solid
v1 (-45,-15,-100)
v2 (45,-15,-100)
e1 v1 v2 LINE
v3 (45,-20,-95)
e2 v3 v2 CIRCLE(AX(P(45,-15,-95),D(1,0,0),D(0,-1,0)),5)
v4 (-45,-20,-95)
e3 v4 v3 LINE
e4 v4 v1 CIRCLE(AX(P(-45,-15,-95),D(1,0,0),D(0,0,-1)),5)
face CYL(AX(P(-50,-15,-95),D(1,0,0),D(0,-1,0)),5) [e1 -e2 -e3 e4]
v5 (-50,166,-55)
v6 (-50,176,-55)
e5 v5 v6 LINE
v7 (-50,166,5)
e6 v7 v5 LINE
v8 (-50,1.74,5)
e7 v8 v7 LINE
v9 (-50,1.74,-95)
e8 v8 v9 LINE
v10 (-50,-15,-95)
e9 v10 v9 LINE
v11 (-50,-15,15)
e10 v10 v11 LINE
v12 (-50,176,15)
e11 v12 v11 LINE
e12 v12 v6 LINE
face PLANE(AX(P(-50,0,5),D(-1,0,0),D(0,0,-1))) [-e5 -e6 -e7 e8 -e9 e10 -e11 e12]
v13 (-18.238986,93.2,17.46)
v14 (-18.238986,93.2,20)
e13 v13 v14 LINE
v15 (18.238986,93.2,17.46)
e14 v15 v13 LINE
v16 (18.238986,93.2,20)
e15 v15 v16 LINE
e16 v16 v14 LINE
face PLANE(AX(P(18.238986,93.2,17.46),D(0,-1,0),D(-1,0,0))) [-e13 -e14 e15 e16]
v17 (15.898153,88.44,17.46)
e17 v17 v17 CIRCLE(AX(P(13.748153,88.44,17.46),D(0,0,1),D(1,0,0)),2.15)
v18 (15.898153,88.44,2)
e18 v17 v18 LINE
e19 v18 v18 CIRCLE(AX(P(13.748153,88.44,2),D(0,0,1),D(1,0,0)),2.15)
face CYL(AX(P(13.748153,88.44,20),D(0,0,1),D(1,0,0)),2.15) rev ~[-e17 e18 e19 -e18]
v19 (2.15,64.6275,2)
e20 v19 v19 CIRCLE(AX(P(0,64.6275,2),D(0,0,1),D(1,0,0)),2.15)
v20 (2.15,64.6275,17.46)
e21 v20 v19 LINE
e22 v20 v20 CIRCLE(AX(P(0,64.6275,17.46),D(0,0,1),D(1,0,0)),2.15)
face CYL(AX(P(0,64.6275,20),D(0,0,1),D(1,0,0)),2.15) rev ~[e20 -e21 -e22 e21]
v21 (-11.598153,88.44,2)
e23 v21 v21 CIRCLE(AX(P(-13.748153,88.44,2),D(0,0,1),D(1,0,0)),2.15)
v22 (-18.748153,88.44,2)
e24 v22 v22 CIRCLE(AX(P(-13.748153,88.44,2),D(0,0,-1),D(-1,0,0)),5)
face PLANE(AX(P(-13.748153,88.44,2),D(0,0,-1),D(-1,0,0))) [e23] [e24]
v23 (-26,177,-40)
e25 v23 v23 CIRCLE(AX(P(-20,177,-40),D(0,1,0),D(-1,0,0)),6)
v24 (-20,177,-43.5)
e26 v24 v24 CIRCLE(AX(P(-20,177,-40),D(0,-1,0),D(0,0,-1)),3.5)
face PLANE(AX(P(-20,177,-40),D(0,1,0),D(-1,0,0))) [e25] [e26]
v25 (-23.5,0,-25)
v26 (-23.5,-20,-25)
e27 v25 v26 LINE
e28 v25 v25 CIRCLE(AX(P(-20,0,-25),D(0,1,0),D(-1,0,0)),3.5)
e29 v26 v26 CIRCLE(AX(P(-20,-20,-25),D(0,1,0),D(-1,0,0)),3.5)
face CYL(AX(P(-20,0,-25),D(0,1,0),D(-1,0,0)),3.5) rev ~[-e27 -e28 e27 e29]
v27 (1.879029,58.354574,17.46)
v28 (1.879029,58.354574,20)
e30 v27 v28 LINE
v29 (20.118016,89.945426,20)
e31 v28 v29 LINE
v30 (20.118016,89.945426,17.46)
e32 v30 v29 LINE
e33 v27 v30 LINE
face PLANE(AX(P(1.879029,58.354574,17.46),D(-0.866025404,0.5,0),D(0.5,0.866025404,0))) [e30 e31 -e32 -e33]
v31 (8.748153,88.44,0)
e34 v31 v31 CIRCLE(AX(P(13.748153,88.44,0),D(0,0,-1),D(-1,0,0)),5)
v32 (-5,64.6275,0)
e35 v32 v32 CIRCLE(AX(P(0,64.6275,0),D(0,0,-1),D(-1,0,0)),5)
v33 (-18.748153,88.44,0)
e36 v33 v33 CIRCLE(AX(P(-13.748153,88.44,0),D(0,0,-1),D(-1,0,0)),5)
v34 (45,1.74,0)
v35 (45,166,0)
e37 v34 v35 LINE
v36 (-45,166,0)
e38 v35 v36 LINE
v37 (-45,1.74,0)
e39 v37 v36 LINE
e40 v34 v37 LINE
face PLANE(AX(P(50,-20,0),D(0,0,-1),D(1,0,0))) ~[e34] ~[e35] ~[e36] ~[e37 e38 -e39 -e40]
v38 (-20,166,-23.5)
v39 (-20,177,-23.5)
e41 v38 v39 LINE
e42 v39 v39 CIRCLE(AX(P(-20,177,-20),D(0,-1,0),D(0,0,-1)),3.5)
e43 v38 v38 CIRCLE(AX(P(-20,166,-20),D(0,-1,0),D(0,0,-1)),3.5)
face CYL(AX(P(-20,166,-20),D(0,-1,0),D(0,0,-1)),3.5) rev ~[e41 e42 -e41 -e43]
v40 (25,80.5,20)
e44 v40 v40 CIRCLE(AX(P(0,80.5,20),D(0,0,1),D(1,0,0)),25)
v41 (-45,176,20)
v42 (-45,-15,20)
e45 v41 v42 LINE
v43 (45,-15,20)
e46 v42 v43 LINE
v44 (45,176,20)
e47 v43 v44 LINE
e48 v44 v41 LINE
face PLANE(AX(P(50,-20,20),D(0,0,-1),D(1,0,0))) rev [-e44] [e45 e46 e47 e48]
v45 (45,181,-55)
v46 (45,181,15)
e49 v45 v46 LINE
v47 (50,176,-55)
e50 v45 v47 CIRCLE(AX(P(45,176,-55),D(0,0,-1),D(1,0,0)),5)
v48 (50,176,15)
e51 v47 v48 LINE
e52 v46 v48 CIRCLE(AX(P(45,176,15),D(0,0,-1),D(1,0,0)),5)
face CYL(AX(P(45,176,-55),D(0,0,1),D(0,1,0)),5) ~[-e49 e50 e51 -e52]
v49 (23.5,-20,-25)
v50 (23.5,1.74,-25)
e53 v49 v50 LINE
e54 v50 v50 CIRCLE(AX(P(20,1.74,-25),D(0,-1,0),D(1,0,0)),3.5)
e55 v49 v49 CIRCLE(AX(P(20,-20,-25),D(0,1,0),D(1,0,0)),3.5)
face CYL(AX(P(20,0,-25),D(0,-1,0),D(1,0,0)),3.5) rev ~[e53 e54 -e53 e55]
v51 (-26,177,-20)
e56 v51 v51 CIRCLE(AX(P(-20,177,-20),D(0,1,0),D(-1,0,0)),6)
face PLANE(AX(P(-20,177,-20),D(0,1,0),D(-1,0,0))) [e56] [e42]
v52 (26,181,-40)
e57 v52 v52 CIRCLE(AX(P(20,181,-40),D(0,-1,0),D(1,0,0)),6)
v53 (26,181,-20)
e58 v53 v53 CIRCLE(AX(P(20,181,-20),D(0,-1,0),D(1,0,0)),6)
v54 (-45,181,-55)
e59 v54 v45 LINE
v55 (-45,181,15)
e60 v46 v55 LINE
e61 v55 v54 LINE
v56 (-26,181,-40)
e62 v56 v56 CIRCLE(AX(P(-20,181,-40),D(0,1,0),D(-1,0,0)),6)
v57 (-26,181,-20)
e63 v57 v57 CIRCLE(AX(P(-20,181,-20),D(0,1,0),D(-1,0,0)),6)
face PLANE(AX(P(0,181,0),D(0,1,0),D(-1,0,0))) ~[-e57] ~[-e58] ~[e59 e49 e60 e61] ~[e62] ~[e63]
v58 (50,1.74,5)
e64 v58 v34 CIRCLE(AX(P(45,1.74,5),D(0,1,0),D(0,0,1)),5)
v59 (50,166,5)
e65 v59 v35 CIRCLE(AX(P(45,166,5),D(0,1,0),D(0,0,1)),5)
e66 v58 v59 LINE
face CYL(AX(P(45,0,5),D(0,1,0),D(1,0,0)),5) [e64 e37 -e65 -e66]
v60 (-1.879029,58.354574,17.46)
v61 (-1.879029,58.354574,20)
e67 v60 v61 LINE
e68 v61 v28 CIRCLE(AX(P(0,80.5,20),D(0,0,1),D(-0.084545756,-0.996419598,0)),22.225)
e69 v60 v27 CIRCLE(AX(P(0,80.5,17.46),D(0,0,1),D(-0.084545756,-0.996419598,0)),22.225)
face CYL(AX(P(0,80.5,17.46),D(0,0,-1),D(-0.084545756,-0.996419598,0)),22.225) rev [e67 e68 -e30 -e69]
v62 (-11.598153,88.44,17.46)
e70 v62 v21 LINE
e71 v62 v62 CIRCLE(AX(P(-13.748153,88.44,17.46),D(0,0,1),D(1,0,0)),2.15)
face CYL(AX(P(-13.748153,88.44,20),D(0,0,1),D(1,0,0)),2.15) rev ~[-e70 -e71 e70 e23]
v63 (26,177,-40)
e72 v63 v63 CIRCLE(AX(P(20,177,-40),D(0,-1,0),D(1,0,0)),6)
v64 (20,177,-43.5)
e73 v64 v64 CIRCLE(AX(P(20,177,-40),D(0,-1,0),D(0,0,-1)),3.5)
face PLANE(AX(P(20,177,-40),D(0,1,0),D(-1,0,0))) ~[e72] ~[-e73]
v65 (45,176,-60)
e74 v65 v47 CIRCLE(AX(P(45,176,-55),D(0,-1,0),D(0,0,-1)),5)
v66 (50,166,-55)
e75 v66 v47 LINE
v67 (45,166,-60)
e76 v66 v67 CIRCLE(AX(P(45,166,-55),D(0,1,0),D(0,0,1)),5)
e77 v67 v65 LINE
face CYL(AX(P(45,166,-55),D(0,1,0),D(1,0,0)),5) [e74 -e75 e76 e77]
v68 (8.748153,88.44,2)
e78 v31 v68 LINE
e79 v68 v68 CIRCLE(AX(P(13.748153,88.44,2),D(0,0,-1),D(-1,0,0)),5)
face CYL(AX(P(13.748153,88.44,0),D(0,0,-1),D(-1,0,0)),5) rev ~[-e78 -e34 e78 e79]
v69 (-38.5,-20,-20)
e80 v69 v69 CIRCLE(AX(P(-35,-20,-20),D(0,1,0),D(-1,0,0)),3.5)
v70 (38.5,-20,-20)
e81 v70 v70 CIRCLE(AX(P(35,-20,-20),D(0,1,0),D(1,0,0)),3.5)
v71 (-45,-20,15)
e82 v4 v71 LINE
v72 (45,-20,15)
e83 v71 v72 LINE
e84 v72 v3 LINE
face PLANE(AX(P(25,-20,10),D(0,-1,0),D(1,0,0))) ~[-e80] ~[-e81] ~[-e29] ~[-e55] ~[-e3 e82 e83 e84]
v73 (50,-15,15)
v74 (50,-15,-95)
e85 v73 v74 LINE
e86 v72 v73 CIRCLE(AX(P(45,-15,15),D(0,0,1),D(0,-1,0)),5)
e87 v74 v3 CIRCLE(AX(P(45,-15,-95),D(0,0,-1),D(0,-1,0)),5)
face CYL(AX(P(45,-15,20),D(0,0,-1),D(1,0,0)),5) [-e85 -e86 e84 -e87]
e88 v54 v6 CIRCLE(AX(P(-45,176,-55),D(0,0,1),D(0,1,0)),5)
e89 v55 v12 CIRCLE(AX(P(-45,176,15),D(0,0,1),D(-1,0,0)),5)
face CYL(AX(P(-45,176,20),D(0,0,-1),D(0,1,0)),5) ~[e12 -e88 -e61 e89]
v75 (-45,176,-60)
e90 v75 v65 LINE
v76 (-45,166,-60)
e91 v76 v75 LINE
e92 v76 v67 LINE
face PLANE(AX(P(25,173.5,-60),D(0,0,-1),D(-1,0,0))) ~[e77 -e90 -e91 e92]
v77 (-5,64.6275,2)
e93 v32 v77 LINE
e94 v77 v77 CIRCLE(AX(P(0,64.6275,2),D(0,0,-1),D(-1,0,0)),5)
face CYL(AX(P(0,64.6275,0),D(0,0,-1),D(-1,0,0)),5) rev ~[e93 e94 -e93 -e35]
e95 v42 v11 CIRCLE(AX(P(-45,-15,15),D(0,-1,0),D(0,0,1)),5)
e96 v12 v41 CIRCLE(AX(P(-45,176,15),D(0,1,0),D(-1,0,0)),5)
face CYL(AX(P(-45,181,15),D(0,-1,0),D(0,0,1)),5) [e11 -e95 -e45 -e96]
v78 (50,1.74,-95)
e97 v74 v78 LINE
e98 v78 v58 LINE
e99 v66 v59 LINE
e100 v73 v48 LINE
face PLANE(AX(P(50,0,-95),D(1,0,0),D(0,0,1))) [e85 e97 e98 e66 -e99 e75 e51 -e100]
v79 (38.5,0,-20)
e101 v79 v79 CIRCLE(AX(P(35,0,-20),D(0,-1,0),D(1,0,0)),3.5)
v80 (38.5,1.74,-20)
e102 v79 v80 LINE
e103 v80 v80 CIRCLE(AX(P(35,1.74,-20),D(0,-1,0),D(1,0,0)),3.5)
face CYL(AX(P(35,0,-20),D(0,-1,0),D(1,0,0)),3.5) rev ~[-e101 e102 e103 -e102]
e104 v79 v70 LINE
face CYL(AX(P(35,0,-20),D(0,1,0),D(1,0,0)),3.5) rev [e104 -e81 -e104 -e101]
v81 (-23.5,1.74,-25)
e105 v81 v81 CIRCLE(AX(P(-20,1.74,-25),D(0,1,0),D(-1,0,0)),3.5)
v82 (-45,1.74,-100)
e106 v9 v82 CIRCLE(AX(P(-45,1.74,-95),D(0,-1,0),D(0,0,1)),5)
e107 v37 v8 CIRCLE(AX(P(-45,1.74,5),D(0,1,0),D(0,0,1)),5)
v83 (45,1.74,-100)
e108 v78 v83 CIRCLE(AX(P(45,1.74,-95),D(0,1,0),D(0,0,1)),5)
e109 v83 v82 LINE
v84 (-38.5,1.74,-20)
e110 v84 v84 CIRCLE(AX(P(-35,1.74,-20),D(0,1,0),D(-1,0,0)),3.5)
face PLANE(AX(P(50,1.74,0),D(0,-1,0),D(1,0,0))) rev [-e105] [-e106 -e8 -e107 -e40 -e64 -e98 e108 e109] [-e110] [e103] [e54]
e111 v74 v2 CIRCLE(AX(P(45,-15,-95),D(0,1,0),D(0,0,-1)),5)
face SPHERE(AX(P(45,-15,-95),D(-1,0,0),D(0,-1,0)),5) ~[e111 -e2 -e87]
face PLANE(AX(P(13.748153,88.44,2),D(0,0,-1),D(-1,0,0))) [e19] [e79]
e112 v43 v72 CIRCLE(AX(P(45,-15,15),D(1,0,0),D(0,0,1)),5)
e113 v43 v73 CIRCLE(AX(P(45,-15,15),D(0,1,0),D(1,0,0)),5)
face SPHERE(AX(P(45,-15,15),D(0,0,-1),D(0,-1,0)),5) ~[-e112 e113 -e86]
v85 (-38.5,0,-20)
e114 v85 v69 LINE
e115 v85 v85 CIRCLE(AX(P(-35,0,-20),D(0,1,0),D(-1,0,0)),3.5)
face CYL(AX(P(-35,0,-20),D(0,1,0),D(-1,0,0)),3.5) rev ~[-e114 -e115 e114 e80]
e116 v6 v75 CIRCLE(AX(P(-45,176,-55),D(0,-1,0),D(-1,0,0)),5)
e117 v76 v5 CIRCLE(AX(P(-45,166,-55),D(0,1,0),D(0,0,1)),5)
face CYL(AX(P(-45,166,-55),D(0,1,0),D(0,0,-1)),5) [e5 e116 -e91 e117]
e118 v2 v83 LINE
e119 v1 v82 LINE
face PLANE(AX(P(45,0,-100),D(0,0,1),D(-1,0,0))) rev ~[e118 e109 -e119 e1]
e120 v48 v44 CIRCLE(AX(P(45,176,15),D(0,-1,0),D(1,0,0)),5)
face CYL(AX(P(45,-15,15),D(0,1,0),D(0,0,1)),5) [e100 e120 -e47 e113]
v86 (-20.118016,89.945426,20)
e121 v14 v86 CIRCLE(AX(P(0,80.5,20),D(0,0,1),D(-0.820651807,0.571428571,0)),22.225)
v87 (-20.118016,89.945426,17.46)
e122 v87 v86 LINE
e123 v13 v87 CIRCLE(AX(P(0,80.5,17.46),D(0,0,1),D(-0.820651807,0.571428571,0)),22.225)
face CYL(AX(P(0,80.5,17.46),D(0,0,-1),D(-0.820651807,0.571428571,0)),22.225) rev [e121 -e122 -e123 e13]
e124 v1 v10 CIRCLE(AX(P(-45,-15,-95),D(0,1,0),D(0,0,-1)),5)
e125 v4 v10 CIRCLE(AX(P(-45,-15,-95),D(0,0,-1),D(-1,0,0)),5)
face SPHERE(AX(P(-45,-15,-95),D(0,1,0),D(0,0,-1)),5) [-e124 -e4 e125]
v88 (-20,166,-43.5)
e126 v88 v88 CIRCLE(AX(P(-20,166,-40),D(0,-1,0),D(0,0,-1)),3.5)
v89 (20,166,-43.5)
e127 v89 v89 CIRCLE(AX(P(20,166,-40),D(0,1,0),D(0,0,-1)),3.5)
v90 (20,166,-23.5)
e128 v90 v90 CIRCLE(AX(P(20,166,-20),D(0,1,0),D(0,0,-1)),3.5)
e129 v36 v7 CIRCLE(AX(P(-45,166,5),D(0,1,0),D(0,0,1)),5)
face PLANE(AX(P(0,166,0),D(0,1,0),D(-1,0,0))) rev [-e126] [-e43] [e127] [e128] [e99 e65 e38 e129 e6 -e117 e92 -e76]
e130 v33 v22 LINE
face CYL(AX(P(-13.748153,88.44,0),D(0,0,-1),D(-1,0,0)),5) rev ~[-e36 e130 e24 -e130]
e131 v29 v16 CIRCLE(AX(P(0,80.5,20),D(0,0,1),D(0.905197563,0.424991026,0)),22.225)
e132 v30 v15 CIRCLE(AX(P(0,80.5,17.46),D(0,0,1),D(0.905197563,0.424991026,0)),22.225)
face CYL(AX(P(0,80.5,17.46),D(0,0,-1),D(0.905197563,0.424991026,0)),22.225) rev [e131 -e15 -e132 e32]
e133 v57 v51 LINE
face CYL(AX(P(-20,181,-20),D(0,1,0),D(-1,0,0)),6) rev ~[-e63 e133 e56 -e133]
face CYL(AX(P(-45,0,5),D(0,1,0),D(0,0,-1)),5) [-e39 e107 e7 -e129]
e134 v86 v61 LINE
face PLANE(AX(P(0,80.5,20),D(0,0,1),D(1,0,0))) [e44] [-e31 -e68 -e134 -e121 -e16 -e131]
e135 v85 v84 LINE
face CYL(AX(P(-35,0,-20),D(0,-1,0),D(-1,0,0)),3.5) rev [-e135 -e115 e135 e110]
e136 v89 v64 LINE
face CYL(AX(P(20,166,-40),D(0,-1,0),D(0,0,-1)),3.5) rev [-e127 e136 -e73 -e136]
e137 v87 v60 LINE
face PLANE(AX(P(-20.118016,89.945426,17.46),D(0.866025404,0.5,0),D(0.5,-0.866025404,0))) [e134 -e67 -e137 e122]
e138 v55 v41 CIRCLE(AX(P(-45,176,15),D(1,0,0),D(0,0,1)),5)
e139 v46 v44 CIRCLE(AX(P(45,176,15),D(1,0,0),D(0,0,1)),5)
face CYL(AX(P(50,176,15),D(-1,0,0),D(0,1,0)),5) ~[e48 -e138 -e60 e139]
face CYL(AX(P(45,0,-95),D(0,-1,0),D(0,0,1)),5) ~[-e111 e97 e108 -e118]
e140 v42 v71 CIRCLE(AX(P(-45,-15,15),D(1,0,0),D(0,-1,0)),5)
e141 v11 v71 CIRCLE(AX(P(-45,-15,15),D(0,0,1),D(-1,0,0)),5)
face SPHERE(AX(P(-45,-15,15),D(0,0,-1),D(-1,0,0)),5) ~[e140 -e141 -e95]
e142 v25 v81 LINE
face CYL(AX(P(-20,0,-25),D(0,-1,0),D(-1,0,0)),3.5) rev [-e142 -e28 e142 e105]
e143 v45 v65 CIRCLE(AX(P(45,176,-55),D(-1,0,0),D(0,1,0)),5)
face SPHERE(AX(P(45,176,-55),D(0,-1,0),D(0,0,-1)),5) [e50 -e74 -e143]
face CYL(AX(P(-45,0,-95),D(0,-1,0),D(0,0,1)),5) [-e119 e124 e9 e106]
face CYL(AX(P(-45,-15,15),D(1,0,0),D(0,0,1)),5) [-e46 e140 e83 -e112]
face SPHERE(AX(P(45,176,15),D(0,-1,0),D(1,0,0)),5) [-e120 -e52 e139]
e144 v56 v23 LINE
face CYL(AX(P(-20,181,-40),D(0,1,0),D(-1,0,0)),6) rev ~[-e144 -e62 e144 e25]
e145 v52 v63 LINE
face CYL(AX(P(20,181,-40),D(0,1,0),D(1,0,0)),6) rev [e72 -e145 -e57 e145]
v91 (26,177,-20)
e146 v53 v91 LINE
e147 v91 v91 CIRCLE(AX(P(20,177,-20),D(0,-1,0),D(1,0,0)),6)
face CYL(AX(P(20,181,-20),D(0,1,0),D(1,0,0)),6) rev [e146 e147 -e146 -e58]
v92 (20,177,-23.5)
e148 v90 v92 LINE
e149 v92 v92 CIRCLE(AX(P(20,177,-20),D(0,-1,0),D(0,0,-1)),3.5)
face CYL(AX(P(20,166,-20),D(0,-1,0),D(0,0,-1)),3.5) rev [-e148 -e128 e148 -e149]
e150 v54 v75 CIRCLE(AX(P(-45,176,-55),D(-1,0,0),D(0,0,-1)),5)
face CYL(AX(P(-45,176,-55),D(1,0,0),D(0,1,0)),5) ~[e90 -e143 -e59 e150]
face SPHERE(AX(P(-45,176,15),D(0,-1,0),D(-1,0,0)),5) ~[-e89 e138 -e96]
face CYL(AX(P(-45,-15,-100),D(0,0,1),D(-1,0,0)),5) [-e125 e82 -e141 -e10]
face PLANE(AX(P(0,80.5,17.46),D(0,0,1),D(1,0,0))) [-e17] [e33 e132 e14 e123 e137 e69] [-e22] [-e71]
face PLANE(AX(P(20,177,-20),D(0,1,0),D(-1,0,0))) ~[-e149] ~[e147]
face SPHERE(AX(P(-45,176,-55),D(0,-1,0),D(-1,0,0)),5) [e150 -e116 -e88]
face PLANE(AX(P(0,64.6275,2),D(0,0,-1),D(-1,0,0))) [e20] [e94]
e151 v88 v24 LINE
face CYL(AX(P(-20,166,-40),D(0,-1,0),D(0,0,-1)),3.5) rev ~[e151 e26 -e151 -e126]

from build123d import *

# Parameters (mm, degrees)
SKETCH2_W           = 50
SKETCH2_H           = 20
BOSS_EXTRUDE1_DEPTH = 100
SKETCH3_R           = 3.5
CUT_EXTRUDE1_DEPTH  = 114.578166916
SKETCH4_W           = 50
SKETCH4_H           = 20
BOSS_EXTRUDE2_DEPTH = 201
SKETCH5_W           = 50
SKETCH5_H           = 15
BOSS_EXTRUDE3_DEPTH = 60
SKETCH6_R           = 3.5
CUT_EXTRUDE2_DEPTH  = 15
SKETCH7_R           = 6
CUT_EXTRUDE3_DEPTH  = 4
FILLET1_R           = 5
FILLET2_R           = 5
FILLET3_R           = 5
SKETCH15_R          = 6.35
BOSS_EXTRUDE5_DEPTH = 7.9375
MOVE_FACE1_BY       = 1.74
CUT_EXTRUDE9_START  = -7.9375
SKETCH17_R          = 6.35
CUT_EXTRUDE9_DEPTH  = 7.9375
SKETCH16_R          = 25
BOSS_EXTRUDE7_DEPTH = 2.54
SKETCH18_R          = 2.15
CUT_EXTRUDE10_DEPTH = 223.847481476
CUT_EXTRUDE11_START = -2.54
CUT_EXTRUDE11_DEPTH = 2.54
CUT_EXTRUDE12_START = -2.54
SKETCH20_R          = 25
CUT_EXTRUDE12_DEPTH = 2.54
SKETCH21_R          = 5
CUT_EXTRUDE13_DEPTH = 2


with BuildPart() as part:
    # Sketch2 → Boss-Extrude1 (new body)
    with BuildSketch(Plane.XY):
        with Locations((-25, -10)):
            Rectangle(SKETCH2_W, SKETCH2_H)
    boss_extrude1 = extrude(amount=-BOSS_EXTRUDE1_DEPTH)

    # Sketch3 → Cut-Extrude1 (cut, through all)
    with BuildSketch(Plane(origin=(0, 0, 0), x_dir=(1, 0, 0), z_dir=(0, 1, 0))):
        with Locations(Location((-20, 25, 0), (0, 0, 180))):
            Circle(SKETCH3_R)
        with Locations(Location((-35, 20, 0), (0, 0, 180))):
            Circle(SKETCH3_R)
    cut_extrude1 = extrude(amount=-CUT_EXTRUDE1_DEPTH, mode=Mode.SUBTRACT)

    # Sketch4 → Boss-Extrude2 (add)
    with BuildSketch(Plane.XZ.offset(20)):
        with Locations((-25, 10)):
            Rectangle(SKETCH4_W, SKETCH4_H)
    boss_extrude2 = extrude(amount=-BOSS_EXTRUDE2_DEPTH)

    # Sketch5 → Boss-Extrude3 (add)
    with BuildSketch(Plane(origin=(0, 0, 0), x_dir=(-1, 0, 0), z_dir=(0, 0, -1))):
        with Locations((25, 173.5)):
            Rectangle(SKETCH5_W, SKETCH5_H)
    boss_extrude3 = extrude(amount=BOSS_EXTRUDE3_DEPTH)

    # Sketch6 → Cut-Extrude2 (cut)
    with BuildSketch(Plane.XZ.offset(-166)):
        with Locations(Location((-20, -20, 0), (0, 0, 270))):
            Circle(SKETCH6_R)
        with Locations(Location((-20, -40, 0), (0, 0, 270))):
            Circle(SKETCH6_R)
    cut_extrude2 = extrude(amount=-CUT_EXTRUDE2_DEPTH, mode=Mode.SUBTRACT)

    # Sketch7 → Cut-Extrude3 (cut)
    with BuildSketch(Plane(origin=(0, 181, 0), x_dir=(1, 0, 0), z_dir=(0, 1, 0))):
        with Locations(Location((-20, 40, 0), (0, 0, 180))):
            Circle(SKETCH7_R)
        with Locations(Location((-20, 20, 0), (0, 0, 180))):
            Circle(SKETCH7_R)
    cut_extrude3 = extrude(amount=-CUT_EXTRUDE3_DEPTH, mode=Mode.SUBTRACT)

    # Mirror1: Boss-Extrude1, Cut-Extrude1, Boss-Extrude2, Boss-Extrude3, Cut-Extrude2, Cut-Extrude3 across plane
    add(boss_extrude1.mirror(Plane(origin=(0, 0, 0), x_dir=(0, 0, 1), z_dir=(1, 0, 0))))
    add(cut_extrude1.mirror(Plane(origin=(0, 0, 0), x_dir=(0, 0, 1), z_dir=(1, 0, 0))), mode=Mode.SUBTRACT)
    add(boss_extrude2.mirror(Plane(origin=(0, 0, 0), x_dir=(0, 0, 1), z_dir=(1, 0, 0))))
    add(boss_extrude3.mirror(Plane(origin=(0, 0, 0), x_dir=(0, 0, 1), z_dir=(1, 0, 0))))
    add(cut_extrude2.mirror(Plane(origin=(0, 0, 0), x_dir=(0, 0, 1), z_dir=(1, 0, 0))), mode=Mode.SUBTRACT)
    add(cut_extrude3.mirror(Plane(origin=(0, 0, 0), x_dir=(0, 0, 1), z_dir=(1, 0, 0))), mode=Mode.SUBTRACT)

    # Fillet1
    fillet1_edges = [part.edges().sort_by_distance(p)[0] for p in [
        (50, 173.5, -60),
        (-50, -10, -100),
        (0, -20, -100),
        (-50, 173.5, -60),
        (50, -20, -40),
        (50, -10, -100),
        (-50, -20, -40),
    ]]
    fillet(fillet1_edges, radius=FILLET1_R)

    # Fillet2
    fillet2_edges = [part.edges().sort_by_distance(p)[0] for p in [
        (50, 83, 0),
        (-50, 83, 0),
    ]]
    fillet(fillet2_edges, radius=FILLET2_R)

    # Fillet3
    fillet3_edges = [part.edges().sort_by_distance(p)[0] for p in [
        (0, -20, 20),
        (48.535533906, -18.535533906, 20),
        (-48.535533906, -18.535533906, 20),
        (0, 181, -60),
        (48.535533906, 181, -58.535533906),
        (-48.535533906, 181, -58.535533906),
        (-50, 181, -17.5),
        (0, 181, 20),
        (-50, 83, 20),
        (50, 83, 20),
        (50, 181, -17.5),
    ]]
    fillet(fillet3_edges, radius=FILLET3_R)

    # Sketch15 → Boss-Extrude5 (add)
    with BuildSketch(Plane.XY.offset(20)):
        with Locations((0, 80.5)):
            Circle(SKETCH15_R)
    extrude(amount=BOSS_EXTRUDE5_DEPTH)

    # Move Face1: a face moved outward by 1.74
    extrude(part.faces().sort_by_distance((0, 0, -50.320969635))[0], amount=MOVE_FACE1_BY, dir=(0, 1, 0))

    # Sketch17 → Cut-Extrude9 (cut)
    with BuildSketch(Plane.XY.offset(27.9375).offset(CUT_EXTRUDE9_START)):
        with Locations((0, 80.5)):
            Circle(SKETCH17_R)
    extrude(amount=CUT_EXTRUDE9_DEPTH, mode=Mode.SUBTRACT)

    # Sketch16 → Boss-Extrude7 (add)
    with BuildSketch(Plane.XY.offset(20)):
        with Locations((0, 80.5)):
            Circle(SKETCH16_R)
        with BuildLine():
            Line((-20.118015829, 89.945425564), (-1.879029427, 58.354574436))
            ThreePointArc((-1.879029427, 58.354574436), (0, 58.275), (1.879029427, 58.354574436))
            Line((1.879029427, 58.354574436), (20.118015829, 89.945425564))
            ThreePointArc((20.118015829, 89.945425564), (19.247414599, 91.6125), (18.238986403, 93.2))
            Line((18.238986403, 93.2), (-18.238986403, 93.2))
            ThreePointArc((-18.238986403, 93.2), (-19.247414599, 91.6125), (-20.118015829, 89.945425564))
        make_face(mode=Mode.SUBTRACT)
    extrude(amount=BOSS_EXTRUDE7_DEPTH)

    # Sketch18 → Cut-Extrude10 (cut, through all)
    with BuildSketch(Plane.XY.offset(20)):
        with Locations((0, 64.6275)):
            Circle(SKETCH18_R)
        with Locations((-13.748153285, 88.44)):
            Circle(SKETCH18_R)
        with Locations((13.748153285, 88.44)):
            Circle(SKETCH18_R)
    extrude(amount=-CUT_EXTRUDE10_DEPTH, mode=Mode.SUBTRACT)

    # Sketch19 → Cut-Extrude11 (cut)
    with BuildSketch(Plane.XY.offset(20).offset(CUT_EXTRUDE11_START)):
        with BuildLine():
            Line((-20.118015829, 89.945425564), (-1.879029427, 58.354574436))
            ThreePointArc((-1.879029427, 58.354574436), (0, 58.275), (1.879029427, 58.354574436))
            Line((1.879029427, 58.354574436), (20.118015829, 89.945425564))
            ThreePointArc((20.118015829, 89.945425564), (19.247414599, 91.6125), (18.238986403, 93.2))
            Line((18.238986403, 93.2), (-18.238986403, 93.2))
            ThreePointArc((-18.238986403, 93.2), (-19.247414599, 91.6125), (-20.118015829, 89.945425564))
        make_face()
    extrude(amount=CUT_EXTRUDE11_DEPTH, mode=Mode.SUBTRACT)

    # Sketch20 → Cut-Extrude12 (cut)
    with BuildSketch(Plane.XY.offset(22.54).offset(CUT_EXTRUDE12_START)):
        with Locations((0, 80.5)):
            Circle(SKETCH20_R)
    extrude(amount=CUT_EXTRUDE12_DEPTH, mode=Mode.SUBTRACT)

    # Sketch21 → Cut-Extrude13 (cut)
    with BuildSketch(Plane(origin=(0, 0, 0), x_dir=(-1, 0, 0), z_dir=(0, 0, -1))):
        with Locations((-13.748153285, 88.44)):
            Circle(SKETCH21_R)
        with Locations((13.748153285, 88.44)):
            Circle(SKETCH21_R)
        with Locations((0, 64.6275)):
            Circle(SKETCH21_R)
    extrude(amount=-CUT_EXTRUDE13_DEPTH, mode=Mode.SUBTRACT)


solid = part.part
